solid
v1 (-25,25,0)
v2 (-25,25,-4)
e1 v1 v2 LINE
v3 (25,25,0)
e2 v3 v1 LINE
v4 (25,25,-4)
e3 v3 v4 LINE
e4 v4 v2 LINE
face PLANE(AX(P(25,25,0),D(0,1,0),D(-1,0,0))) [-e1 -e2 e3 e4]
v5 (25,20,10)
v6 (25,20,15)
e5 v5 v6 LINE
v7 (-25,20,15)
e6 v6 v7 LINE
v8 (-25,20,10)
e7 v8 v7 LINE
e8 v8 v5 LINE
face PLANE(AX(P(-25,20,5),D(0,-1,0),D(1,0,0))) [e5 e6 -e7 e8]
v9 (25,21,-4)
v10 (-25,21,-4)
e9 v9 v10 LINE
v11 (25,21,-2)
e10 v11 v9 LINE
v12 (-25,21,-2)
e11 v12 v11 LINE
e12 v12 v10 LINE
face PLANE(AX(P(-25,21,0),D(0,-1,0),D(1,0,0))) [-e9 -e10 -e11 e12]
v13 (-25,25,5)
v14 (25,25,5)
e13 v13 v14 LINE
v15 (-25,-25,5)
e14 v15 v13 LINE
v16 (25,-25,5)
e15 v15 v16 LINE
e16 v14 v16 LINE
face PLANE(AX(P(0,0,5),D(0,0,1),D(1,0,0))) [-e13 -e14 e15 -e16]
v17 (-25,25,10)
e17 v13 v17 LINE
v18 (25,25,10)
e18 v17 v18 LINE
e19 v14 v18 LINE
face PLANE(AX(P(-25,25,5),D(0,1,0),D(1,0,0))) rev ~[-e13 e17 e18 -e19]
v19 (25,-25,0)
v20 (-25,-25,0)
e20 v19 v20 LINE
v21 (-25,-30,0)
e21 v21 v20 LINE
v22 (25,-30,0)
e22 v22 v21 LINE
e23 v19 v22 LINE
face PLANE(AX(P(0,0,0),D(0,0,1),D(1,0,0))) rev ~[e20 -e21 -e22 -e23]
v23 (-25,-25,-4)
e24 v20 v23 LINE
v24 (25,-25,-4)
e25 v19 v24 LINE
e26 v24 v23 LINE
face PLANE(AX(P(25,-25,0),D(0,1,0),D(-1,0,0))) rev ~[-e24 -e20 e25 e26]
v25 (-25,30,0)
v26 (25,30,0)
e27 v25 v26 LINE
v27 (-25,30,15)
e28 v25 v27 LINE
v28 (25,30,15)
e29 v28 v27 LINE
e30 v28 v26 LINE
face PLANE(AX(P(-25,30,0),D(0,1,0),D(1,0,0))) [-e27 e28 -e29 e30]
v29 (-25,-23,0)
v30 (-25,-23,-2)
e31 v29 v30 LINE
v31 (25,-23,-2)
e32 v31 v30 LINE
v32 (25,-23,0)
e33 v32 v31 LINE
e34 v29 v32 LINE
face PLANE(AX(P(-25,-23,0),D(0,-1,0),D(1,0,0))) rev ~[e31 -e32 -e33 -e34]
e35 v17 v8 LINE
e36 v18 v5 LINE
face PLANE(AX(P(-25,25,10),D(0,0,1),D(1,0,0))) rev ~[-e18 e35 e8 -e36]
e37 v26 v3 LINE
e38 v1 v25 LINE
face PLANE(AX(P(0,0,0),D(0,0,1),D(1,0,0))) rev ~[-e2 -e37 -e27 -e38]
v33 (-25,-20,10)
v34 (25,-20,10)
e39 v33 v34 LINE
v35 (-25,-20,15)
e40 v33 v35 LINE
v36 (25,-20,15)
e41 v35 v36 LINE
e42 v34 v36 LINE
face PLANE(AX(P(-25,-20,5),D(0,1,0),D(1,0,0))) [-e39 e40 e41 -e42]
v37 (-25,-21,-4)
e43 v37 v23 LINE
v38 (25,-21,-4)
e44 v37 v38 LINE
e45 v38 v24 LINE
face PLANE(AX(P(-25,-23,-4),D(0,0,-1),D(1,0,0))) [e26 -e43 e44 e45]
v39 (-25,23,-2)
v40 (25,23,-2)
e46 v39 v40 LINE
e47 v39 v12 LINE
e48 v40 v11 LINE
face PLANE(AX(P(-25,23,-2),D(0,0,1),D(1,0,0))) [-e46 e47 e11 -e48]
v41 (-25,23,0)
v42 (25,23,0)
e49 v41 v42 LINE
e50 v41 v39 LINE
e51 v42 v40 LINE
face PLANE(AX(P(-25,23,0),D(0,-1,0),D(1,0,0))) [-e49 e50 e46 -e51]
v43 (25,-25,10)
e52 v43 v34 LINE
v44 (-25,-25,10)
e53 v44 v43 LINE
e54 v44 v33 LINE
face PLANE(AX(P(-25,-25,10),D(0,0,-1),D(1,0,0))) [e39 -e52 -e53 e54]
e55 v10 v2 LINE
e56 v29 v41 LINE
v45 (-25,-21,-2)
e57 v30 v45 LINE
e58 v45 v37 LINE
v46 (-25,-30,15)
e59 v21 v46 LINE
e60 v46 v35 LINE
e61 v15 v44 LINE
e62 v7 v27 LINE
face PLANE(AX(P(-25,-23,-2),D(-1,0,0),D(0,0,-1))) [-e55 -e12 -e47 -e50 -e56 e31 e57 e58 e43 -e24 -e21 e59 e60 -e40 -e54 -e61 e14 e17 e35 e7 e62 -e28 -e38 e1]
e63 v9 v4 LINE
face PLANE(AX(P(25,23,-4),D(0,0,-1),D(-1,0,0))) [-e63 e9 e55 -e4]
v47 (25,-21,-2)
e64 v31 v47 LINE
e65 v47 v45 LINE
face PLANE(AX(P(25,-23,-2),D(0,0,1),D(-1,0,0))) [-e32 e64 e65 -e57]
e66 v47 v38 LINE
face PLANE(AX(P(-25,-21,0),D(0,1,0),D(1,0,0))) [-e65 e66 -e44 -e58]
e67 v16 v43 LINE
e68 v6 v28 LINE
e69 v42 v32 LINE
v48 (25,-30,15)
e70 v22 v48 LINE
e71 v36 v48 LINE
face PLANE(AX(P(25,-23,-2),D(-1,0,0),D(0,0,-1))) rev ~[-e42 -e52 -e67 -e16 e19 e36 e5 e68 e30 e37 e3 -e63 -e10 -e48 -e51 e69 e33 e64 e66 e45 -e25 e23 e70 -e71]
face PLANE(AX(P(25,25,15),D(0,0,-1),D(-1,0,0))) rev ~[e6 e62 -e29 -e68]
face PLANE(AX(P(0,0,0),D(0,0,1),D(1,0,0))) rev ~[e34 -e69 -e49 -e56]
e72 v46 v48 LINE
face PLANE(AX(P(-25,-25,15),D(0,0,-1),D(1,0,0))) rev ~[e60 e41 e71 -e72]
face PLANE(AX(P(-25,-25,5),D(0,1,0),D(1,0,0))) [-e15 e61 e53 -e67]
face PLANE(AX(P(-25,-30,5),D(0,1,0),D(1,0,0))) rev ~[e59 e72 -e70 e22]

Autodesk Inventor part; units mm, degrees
ref_plane "YZ Plane" through (0, 0, 0) normal (1, 0, 0) x (0, 1, 0)
ref_plane "XZ Plane" through (0, 0, 0) normal (0, 1, 0) x (-1, 0, 0)
ref_plane "XY Plane" through (0, 0, 0) normal (0, 0, 1) x (1, 0, 0)
sketch "Sketch1" plane through (0, 0, 0) normal (0, 0, 1) x (1, 0, 0)
  line L0 (-25, 30) -> (25, 30)
  line L1 (25, 30) -> (25, -30)
  line L2 (25, -30) -> (-25, -30)
  line L3 (-25, -30) -> (-25, 30)
  point P0 (0, 0)
  dimension "d0" = 50
  dimension "d1" = 60
  dimension "d2" = 30
  dimension "d3" = 25
extrude "Extrusion1" add sketch "Sketch1" along normal blind 5
sketch "Sketch2" plane through (0, 0, 5) normal (0, 0, 1) x (1, 0, 0)
  line L0 (-25, 30) -> (-25, -30) projected
  line L1 (-25, 25) -> (25, 25)
  line L2 (25, -30) -> (25, 30) projected
  line L3 (25, 30) -> (-25, 30) projected
  point P0 (0, 0)
  dimension "d6" = 5
extrude "Extrusion2" add sketch "Sketch2" along normal blind 10
sketch "Sketch3" plane through (0, 0, 5) normal (0, 0, 1) x (1, 0, 0)
  line L0 (-25, -30) -> (-25, 30) projected
  line L1 (-25, -25) -> (25, -25)
  line L2 (25, 30) -> (25, -30) projected
  line L3 (-25, -30) -> (25, -30) projected
  point P0 (0, 0)
  dimension "d9" = 5
extrude "Extrusion3" add sketch "Sketch3" along normal blind 10
sketch "Sketch4" plane through (-25, -25, 5) normal (0, 1, 0) x (1, 0, 0)
  line L0 (0, 5) -> (0, -10) projected
  line L1 (0, -5) -> (50, -5)
  line L2 (50, 5) -> (50, -10) projected
  line L3 (0, -10) -> (50, -10) projected
  point P0 (25, 5)
  dimension "d12" = 5
extrude "Extrusion4" add sketch "Sketch4" along normal blind 5
sketch "Sketch5" plane through (-25, 25, 5) normal (0, -1, 0) x (1, 0, 0)
  line L0 (0, -5) -> (0, 10) projected
  line L1 (0, 5) -> (50, 5)
  line L2 (50, -5) -> (50, 10) projected
  line L3 (50, 10) -> (0, 10) projected
  point P0 (25, -5)
  dimension "d15" = 5
extrude "Extrusion5" add sketch "Sketch5" along normal blind 5
sketch "Sketch6" plane through (0, 0, 0) normal (0, 0, -1) x (-1, 0, 0)
  line L0 (-25, 30) -> (-25, -30) projected
  line L1 (25, -30) -> (25, 30) projected
  line L2 (-25, 25) -> (25, 25)
  line L3 (25, 25) -> (25, 23)
  line L4 (25, 23) -> (-25, 23)
  line L5 (-25, 23) -> (-25, 25)
  line L6 (25, 30) -> (-25, 30) projected
  point P0 (0, 0)
  dimension "d18" = 2
  dimension "d19" = 5
extrude "Extrusion6" add sketch "Sketch6" along normal blind 4 contours L2 L1 L4 L0
sketch "Sketch7" plane through (0, 0, 0) normal (0, 0, -1) x (-1, 0, 0)
  line L0 (-25, 23) -> (-25, -30) projected
  line L1 (25, -30) -> (25, 23) projected
  line L2 (-25, -25) -> (25, -25)
  line L3 (25, -25) -> (25, -23)
  line L4 (25, -23) -> (-25, -23)
  line L5 (-25, -23) -> (-25, -25)
  line L6 (-25, -30) -> (25, -30) projected
  point P0 (0, 0)
  dimension "d22" = 2
  dimension "d23" = 5
extrude "Extrusion7" add sketch "Sketch7" along normal blind 4 contours L4 L1 L2 L0
sketch "Sketch8" plane through (-25, 23, 0) normal (0, -1, 0) x (1, 0, 0)
  point P0 (25, 0)
sketch "Sketch9" plane through (-25, 23, 0) normal (0, -1, 0) x (1, 0, 0)
  line L0 (50, 0) -> (50, -4) projected
  line L1 (0, 0) -> (0, -4) projected
  line L2 (50, -4) -> (0, -4)
  line L3 (0, -4) -> (0, -2)
  line L4 (0, -2) -> (50, -2)
  line L5 (50, -2) -> (50, -4)
  point P0 (25, 0)
extrude "Extrusion8" add sketch "Sketch9" along normal blind 2
sketch "Sketch10" plane through (-25, -23, 0) normal (0, 1, 0) x (1, 0, 0)
  line L0 (0, 0) -> (0, 4) projected
  line L1 (50, 0) -> (50, 4) projected
  line L2 (0, 4) -> (50, 4)
  line L3 (50, 4) -> (50, 2)
  line L4 (50, 2) -> (0, 2)
  line L5 (0, 2) -> (0, 4)
  point P0 (25, 0)
extrude "Extrusion9" add sketch "Sketch10" along normal blind 2
properties part number "Substrategrip0degreesThick"
